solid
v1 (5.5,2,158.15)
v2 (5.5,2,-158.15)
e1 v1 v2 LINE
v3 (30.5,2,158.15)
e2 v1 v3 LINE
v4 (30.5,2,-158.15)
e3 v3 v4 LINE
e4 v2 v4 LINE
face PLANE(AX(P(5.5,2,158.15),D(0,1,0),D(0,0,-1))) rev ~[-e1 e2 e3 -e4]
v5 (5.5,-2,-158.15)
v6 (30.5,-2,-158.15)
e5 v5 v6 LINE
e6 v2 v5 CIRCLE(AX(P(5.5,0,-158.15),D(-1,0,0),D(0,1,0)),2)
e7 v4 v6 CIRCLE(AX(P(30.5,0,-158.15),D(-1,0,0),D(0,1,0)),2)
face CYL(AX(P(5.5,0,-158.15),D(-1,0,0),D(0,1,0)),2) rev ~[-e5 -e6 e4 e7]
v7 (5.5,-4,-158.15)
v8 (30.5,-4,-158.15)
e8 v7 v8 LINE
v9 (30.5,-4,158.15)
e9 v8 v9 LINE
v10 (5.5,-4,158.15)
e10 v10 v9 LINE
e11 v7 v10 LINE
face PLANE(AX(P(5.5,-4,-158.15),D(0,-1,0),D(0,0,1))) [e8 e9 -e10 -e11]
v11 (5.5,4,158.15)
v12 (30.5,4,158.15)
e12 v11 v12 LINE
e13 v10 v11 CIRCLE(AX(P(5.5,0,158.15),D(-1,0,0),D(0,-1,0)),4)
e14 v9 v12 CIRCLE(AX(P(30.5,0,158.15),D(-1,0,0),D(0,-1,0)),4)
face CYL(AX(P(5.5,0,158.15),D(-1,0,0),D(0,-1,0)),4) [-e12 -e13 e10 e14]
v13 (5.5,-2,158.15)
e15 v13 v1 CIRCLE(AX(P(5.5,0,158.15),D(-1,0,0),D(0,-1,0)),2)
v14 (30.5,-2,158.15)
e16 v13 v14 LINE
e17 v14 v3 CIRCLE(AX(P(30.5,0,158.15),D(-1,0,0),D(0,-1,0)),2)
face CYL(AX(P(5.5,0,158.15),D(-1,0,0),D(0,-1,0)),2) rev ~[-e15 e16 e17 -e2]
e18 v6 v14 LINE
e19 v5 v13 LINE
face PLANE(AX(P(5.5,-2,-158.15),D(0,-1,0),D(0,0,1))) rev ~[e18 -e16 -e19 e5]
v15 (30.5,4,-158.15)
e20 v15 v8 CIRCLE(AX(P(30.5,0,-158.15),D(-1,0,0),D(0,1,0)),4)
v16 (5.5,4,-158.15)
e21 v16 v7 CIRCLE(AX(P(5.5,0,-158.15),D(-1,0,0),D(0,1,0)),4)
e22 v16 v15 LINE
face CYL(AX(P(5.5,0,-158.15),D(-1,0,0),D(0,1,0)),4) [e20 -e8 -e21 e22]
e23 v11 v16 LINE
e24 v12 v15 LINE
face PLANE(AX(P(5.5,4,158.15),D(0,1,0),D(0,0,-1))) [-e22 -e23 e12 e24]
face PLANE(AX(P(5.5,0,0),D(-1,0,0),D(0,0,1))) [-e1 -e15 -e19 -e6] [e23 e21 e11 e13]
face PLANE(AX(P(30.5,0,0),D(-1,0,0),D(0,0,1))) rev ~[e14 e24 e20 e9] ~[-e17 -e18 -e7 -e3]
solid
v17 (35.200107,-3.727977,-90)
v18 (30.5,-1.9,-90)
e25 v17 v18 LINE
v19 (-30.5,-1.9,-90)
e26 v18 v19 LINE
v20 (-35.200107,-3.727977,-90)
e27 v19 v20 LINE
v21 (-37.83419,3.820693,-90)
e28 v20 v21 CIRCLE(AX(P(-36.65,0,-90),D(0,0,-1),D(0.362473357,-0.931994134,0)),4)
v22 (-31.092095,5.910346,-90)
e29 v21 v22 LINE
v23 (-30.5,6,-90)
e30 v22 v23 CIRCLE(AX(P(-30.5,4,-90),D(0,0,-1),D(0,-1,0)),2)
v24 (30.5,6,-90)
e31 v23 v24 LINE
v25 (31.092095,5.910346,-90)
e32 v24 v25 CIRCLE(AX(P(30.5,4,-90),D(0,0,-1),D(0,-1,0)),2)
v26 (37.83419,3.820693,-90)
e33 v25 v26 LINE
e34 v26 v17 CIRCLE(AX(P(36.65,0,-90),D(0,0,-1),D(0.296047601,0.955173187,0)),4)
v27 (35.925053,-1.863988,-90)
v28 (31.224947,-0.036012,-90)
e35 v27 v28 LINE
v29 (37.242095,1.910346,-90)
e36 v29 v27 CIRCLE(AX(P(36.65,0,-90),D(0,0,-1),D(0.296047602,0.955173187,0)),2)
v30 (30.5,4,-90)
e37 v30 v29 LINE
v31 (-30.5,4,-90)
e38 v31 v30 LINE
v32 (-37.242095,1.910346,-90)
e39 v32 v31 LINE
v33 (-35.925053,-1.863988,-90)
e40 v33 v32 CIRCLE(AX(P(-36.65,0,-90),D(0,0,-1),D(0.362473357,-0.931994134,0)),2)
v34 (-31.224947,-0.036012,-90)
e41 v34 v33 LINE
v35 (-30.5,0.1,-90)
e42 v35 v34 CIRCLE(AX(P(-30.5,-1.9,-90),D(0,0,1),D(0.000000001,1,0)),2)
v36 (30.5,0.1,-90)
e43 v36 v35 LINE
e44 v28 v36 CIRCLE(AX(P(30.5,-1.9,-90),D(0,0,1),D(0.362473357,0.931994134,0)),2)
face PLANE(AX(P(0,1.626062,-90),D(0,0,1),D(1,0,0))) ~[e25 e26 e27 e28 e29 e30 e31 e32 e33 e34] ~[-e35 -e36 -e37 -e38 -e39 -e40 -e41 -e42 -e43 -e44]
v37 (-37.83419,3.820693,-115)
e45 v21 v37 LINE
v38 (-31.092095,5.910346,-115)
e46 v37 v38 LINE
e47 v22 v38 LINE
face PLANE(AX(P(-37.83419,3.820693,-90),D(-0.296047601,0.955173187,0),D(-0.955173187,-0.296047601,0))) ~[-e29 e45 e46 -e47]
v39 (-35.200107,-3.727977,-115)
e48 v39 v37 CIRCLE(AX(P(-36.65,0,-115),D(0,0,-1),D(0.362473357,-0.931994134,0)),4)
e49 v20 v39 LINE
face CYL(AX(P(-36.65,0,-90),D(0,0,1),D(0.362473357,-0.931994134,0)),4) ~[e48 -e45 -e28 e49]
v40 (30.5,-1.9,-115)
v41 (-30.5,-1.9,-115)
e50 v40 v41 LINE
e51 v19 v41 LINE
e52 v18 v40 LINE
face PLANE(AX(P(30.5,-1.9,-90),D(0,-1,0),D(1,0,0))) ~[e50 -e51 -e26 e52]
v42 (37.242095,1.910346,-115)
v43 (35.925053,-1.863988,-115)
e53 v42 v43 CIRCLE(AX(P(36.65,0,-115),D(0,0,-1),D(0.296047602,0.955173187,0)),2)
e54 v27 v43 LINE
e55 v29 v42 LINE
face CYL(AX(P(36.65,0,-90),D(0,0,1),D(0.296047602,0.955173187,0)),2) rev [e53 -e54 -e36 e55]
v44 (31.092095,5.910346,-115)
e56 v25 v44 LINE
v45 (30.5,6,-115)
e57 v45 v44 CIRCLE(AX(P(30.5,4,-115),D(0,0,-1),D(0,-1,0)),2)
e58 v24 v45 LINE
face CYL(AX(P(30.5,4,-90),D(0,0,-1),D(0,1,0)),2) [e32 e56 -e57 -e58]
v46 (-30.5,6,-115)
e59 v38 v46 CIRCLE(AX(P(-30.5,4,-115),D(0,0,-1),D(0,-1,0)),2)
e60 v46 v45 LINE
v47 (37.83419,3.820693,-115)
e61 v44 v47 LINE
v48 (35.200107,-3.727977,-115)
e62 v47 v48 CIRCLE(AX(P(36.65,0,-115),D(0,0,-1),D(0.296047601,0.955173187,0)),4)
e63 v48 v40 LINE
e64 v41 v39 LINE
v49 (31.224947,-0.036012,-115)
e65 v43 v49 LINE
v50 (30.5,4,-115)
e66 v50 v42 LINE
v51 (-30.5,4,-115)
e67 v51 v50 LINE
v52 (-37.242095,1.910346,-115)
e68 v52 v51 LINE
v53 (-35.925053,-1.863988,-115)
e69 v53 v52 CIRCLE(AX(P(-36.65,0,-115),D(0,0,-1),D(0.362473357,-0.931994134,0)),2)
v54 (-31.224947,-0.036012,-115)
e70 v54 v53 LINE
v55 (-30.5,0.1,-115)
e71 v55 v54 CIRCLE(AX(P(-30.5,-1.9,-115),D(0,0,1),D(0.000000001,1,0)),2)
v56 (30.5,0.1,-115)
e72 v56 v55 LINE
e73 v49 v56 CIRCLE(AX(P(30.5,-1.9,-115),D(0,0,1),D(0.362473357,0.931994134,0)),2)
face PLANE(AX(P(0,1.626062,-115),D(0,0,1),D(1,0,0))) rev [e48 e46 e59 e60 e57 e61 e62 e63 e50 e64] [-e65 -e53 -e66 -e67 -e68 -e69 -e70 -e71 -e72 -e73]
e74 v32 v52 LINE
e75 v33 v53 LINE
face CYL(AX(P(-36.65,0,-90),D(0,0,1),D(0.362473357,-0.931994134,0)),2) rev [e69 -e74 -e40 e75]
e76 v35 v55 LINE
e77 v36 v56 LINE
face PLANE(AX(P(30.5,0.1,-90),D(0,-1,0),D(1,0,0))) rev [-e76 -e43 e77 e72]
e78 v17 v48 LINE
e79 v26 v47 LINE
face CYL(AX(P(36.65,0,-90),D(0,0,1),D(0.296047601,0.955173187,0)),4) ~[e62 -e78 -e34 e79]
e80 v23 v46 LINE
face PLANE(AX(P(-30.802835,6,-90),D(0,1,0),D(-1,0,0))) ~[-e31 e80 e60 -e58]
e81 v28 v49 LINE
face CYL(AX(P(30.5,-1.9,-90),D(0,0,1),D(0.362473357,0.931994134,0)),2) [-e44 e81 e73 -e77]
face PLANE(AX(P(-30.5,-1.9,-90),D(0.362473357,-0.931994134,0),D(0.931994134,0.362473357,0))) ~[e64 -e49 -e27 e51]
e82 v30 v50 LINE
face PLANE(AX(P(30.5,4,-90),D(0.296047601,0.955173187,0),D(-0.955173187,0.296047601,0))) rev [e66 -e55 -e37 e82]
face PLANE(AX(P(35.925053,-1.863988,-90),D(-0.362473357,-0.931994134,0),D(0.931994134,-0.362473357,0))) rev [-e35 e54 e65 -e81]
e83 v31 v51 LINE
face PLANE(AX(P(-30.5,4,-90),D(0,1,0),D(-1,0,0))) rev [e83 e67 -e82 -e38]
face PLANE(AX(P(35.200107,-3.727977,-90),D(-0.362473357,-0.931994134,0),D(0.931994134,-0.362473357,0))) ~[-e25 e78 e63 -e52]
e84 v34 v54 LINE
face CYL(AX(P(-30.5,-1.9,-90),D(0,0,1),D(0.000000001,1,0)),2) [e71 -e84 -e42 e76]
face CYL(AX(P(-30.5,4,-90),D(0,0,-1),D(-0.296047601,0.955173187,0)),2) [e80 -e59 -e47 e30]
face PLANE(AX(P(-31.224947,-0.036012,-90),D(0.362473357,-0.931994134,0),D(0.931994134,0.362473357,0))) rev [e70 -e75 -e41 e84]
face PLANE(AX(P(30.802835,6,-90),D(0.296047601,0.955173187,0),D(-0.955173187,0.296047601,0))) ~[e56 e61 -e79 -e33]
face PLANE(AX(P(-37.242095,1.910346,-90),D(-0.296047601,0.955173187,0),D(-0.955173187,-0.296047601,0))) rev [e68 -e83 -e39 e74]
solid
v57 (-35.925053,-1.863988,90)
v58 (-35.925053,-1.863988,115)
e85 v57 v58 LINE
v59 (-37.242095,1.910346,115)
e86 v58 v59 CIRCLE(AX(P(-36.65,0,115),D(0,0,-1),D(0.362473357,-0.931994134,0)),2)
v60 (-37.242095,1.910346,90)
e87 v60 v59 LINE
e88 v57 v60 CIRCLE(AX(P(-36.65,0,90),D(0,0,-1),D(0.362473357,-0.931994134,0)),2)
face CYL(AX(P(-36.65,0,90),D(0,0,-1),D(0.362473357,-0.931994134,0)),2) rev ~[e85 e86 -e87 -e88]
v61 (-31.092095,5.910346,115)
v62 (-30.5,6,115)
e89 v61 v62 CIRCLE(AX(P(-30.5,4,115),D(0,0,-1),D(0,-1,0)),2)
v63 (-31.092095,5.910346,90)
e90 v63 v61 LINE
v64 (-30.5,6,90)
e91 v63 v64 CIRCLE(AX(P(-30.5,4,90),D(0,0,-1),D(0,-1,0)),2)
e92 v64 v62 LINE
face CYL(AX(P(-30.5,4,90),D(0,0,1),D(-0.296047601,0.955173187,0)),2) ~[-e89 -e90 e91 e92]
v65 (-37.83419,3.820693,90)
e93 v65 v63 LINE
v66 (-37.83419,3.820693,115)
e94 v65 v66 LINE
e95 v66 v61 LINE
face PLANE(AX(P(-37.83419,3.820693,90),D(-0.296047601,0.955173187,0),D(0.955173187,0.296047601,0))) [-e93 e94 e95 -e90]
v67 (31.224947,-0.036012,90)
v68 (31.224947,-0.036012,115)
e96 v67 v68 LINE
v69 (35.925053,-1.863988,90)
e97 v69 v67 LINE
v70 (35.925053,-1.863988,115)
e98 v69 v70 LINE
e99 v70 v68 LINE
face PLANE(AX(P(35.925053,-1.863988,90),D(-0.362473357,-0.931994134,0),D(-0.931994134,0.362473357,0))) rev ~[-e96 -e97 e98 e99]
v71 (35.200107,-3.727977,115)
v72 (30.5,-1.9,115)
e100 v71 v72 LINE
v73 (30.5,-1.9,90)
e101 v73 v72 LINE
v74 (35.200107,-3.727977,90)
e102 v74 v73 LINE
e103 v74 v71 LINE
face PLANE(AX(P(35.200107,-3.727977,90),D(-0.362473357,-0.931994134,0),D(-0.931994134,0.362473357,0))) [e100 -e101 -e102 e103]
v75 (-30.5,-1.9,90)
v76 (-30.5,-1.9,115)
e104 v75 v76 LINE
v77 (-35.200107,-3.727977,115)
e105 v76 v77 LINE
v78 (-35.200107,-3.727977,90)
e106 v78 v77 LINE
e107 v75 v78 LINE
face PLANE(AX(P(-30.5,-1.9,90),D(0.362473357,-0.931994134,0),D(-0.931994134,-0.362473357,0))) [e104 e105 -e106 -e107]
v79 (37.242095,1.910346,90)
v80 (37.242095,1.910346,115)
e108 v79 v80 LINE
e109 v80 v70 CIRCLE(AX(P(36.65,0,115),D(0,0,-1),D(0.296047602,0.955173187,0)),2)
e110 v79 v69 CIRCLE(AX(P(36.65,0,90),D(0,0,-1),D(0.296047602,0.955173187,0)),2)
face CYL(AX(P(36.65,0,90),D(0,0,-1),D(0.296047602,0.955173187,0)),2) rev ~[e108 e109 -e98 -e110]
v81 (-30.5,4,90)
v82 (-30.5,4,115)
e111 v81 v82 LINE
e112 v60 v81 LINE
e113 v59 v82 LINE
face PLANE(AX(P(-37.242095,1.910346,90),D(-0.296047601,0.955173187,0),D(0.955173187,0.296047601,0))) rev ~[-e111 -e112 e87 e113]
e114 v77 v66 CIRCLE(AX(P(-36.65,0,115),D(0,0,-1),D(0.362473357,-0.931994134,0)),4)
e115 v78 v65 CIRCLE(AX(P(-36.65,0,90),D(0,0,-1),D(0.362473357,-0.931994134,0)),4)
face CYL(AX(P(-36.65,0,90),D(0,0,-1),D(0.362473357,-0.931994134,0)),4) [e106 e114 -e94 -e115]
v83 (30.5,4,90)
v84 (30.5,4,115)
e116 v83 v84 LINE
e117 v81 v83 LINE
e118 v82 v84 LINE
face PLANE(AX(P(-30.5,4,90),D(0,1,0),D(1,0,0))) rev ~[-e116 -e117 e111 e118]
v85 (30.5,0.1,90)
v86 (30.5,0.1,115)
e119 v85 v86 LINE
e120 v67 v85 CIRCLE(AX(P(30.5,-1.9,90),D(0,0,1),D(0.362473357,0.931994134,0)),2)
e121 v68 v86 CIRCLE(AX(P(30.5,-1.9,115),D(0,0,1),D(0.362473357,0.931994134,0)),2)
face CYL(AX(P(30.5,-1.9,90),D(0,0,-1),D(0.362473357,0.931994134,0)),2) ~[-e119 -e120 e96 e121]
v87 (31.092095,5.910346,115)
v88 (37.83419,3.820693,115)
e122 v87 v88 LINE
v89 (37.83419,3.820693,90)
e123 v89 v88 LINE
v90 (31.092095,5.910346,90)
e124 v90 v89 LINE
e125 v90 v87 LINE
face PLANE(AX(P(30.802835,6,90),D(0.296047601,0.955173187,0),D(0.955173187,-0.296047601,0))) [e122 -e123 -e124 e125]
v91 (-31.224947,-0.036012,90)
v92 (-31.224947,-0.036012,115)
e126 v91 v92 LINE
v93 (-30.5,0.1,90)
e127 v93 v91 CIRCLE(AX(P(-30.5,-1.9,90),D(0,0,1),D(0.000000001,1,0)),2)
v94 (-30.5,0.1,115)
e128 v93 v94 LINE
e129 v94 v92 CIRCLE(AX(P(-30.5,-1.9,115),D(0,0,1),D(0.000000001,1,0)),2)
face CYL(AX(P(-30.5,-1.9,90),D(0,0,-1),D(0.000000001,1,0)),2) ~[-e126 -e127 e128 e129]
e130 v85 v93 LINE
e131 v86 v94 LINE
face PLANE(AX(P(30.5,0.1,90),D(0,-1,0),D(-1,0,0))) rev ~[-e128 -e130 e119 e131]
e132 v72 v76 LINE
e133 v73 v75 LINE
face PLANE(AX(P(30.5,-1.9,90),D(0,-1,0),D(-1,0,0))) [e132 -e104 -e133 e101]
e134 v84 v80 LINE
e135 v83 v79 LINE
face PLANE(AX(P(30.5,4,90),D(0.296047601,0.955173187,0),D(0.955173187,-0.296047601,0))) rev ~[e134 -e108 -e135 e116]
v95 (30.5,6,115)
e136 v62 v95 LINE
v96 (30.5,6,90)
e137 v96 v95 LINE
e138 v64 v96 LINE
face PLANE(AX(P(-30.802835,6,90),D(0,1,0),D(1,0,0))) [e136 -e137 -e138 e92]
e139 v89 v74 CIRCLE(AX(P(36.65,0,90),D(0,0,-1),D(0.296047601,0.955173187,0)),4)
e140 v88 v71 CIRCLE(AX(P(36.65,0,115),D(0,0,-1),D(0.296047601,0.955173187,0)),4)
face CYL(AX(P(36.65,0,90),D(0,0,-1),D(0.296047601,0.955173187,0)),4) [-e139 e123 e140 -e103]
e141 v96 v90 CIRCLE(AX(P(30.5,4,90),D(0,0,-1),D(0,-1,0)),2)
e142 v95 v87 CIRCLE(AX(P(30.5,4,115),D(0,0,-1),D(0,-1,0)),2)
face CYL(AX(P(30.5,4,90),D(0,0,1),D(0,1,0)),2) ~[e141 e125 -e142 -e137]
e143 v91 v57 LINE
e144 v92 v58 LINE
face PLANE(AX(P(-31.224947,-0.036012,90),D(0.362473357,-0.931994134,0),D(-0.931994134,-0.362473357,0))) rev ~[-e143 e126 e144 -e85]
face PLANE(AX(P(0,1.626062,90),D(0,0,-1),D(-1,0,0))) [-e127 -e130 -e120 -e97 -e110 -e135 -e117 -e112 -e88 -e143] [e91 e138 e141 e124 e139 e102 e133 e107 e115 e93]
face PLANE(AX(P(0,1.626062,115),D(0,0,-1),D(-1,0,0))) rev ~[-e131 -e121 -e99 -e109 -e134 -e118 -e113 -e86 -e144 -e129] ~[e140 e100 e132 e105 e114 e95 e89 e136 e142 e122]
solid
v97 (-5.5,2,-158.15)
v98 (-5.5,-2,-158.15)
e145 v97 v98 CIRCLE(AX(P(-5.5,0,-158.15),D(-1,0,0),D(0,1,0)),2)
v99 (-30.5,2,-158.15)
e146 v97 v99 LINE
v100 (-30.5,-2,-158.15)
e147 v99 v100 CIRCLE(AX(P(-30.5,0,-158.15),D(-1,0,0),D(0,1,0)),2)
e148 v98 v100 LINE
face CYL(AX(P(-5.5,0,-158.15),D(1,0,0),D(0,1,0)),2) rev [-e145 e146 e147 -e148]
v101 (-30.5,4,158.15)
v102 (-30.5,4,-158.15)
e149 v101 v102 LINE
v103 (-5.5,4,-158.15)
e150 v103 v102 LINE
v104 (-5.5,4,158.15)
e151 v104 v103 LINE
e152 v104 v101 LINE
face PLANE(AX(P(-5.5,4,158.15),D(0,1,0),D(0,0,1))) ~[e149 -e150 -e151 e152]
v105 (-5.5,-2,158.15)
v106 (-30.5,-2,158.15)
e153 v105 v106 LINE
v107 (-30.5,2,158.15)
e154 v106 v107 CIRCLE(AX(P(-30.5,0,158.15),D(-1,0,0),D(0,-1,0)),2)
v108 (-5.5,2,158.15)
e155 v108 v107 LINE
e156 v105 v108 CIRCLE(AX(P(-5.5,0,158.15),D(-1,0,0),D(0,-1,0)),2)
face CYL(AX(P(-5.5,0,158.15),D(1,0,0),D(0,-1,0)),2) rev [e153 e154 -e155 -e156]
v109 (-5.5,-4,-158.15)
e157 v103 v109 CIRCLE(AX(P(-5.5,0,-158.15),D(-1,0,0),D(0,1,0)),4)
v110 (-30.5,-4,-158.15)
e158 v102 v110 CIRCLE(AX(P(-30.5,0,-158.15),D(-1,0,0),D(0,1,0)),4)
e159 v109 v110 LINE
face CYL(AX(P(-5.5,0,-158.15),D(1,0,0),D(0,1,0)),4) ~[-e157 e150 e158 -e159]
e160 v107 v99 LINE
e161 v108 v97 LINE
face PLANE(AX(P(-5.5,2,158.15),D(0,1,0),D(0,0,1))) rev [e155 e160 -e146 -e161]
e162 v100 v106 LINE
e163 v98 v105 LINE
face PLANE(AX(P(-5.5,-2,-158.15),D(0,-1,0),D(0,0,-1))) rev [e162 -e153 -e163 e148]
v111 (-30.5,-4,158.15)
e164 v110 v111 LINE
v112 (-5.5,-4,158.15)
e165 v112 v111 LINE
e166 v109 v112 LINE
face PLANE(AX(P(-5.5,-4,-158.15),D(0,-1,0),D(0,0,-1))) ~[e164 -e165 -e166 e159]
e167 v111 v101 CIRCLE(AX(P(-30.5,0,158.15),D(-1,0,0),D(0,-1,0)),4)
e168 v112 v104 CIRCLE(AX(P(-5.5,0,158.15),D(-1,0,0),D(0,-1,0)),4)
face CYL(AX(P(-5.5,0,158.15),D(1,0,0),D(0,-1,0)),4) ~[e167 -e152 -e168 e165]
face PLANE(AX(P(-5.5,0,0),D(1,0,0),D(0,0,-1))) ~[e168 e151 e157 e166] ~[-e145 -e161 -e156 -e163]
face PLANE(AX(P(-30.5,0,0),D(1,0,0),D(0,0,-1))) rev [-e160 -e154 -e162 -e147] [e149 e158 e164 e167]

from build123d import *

# Parameters (mm, degrees)
EXTRUDE_THIN1_START = 5.5
EXTRUDE_THIN1_DEPTH = 25
EXTRUDE_THIN2_START = 90
EXTRUDE_THIN2_DEPTH = 25
FILLET1_R           = 2


with BuildPart() as part:
    # Sketch1 → Extrude-Thin1 (new body)
    with BuildSketch(Plane(origin=(0, 0, 0), x_dir=(0, 0, -1), z_dir=(1, 0, 0)).offset(EXTRUDE_THIN1_START)):
        with BuildLine():
            Line((158.15, -4), (-158.15, -4))
            ThreePointArc((-158.15, -4), (-162.15, 0), (-158.15, 4))
            Line((-158.15, 4), (158.15, 4))
            ThreePointArc((158.15, 4), (162.15, 0), (158.15, -4))
        make_face()
        with BuildLine():
            Line((158.15, -2), (-158.15, -2))
            ThreePointArc((-158.15, -2), (-160.15, 0), (-158.15, 2))
            Line((-158.15, 2), (158.15, 2))
            ThreePointArc((158.15, 2), (160.15, 0), (158.15, -2))
        make_face(mode=Mode.SUBTRACT)
    extrude(amount=EXTRUDE_THIN1_DEPTH)


with BuildPart() as body_2:
    # Mirror3: mirrored copy
    add(part.part.mirror(Plane(origin=(0, 0, 0), x_dir=(0, 0, 1), z_dir=(1, 0, 0))))


with BuildPart() as body_3:
    # Sketch3 → Extrude-Thin2 (new body)
    with BuildSketch(Plane.XY.offset(EXTRUDE_THIN2_START)):
        with BuildLine():
            Line((-37.834190406, 3.820692749), (-30.802835169, 6))
            Line((-30.802835169, 6), (30.802835169, 6))
            Line((30.802835169, 6), (37.834190406, 3.820692749))
            ThreePointArc((37.834190406, 3.820692749), (40.426672016, -1.317857536), (35.200106572, -3.727976535))
            Line((35.200106572, -3.727976535), (30.5, -1.9))
            Line((30.5, -1.9), (-30.5, -1.9))
            Line((-30.5, -1.9), (-35.200106572, -3.727976535))
            ThreePointArc((-35.200106572, -3.727976535), (-40.426672016, -1.317857536), (-37.834190406, 3.820692749))
        make_face()
        with BuildLine():
            Line((-37.242095203, 1.910346375), (-30.5, 4))
            Line((-30.5, 4), (30.5, 4))
            Line((30.5, 4), (37.242095203, 1.910346375))
            ThreePointArc((37.242095203, 1.910346375), (38.538336008, -0.658928768), (35.925053286, -1.863988268))
            Line((35.925053286, -1.863988268), (31.224946714, -0.036011732))
            ThreePointArc((31.224946714, -0.036011732), (30.868797685, 0.065702996), (30.5, 0.1))
            Line((30.5, 0.1), (-30.5, 0.1))
            ThreePointArc((-30.5, 0.1), (-30.868797685, 0.065702996), (-31.224946714, -0.036011732))
            Line((-31.224946714, -0.036011732), (-35.925053286, -1.863988268))
            ThreePointArc((-35.925053286, -1.863988268), (-38.538336008, -0.658928768), (-37.242095203, 1.910346375))
        make_face(mode=Mode.SUBTRACT)
    extrude(amount=EXTRUDE_THIN2_DEPTH)

    # Fillet1
    fillet1_edges = [body_3.edges().sort_by_distance(p)[0] for p in [
        (-30.802835169, 6, 102.5),
        (30.802835169, 6, 102.5),
    ]]
    fillet(fillet1_edges, radius=FILLET1_R)


with BuildPart() as body_4:
    # Mirror4: mirrored copy
    add(body_3.part.mirror(Plane.XY))


solid = Compound([part.part, body_2.part, body_3.part, body_4.part])
